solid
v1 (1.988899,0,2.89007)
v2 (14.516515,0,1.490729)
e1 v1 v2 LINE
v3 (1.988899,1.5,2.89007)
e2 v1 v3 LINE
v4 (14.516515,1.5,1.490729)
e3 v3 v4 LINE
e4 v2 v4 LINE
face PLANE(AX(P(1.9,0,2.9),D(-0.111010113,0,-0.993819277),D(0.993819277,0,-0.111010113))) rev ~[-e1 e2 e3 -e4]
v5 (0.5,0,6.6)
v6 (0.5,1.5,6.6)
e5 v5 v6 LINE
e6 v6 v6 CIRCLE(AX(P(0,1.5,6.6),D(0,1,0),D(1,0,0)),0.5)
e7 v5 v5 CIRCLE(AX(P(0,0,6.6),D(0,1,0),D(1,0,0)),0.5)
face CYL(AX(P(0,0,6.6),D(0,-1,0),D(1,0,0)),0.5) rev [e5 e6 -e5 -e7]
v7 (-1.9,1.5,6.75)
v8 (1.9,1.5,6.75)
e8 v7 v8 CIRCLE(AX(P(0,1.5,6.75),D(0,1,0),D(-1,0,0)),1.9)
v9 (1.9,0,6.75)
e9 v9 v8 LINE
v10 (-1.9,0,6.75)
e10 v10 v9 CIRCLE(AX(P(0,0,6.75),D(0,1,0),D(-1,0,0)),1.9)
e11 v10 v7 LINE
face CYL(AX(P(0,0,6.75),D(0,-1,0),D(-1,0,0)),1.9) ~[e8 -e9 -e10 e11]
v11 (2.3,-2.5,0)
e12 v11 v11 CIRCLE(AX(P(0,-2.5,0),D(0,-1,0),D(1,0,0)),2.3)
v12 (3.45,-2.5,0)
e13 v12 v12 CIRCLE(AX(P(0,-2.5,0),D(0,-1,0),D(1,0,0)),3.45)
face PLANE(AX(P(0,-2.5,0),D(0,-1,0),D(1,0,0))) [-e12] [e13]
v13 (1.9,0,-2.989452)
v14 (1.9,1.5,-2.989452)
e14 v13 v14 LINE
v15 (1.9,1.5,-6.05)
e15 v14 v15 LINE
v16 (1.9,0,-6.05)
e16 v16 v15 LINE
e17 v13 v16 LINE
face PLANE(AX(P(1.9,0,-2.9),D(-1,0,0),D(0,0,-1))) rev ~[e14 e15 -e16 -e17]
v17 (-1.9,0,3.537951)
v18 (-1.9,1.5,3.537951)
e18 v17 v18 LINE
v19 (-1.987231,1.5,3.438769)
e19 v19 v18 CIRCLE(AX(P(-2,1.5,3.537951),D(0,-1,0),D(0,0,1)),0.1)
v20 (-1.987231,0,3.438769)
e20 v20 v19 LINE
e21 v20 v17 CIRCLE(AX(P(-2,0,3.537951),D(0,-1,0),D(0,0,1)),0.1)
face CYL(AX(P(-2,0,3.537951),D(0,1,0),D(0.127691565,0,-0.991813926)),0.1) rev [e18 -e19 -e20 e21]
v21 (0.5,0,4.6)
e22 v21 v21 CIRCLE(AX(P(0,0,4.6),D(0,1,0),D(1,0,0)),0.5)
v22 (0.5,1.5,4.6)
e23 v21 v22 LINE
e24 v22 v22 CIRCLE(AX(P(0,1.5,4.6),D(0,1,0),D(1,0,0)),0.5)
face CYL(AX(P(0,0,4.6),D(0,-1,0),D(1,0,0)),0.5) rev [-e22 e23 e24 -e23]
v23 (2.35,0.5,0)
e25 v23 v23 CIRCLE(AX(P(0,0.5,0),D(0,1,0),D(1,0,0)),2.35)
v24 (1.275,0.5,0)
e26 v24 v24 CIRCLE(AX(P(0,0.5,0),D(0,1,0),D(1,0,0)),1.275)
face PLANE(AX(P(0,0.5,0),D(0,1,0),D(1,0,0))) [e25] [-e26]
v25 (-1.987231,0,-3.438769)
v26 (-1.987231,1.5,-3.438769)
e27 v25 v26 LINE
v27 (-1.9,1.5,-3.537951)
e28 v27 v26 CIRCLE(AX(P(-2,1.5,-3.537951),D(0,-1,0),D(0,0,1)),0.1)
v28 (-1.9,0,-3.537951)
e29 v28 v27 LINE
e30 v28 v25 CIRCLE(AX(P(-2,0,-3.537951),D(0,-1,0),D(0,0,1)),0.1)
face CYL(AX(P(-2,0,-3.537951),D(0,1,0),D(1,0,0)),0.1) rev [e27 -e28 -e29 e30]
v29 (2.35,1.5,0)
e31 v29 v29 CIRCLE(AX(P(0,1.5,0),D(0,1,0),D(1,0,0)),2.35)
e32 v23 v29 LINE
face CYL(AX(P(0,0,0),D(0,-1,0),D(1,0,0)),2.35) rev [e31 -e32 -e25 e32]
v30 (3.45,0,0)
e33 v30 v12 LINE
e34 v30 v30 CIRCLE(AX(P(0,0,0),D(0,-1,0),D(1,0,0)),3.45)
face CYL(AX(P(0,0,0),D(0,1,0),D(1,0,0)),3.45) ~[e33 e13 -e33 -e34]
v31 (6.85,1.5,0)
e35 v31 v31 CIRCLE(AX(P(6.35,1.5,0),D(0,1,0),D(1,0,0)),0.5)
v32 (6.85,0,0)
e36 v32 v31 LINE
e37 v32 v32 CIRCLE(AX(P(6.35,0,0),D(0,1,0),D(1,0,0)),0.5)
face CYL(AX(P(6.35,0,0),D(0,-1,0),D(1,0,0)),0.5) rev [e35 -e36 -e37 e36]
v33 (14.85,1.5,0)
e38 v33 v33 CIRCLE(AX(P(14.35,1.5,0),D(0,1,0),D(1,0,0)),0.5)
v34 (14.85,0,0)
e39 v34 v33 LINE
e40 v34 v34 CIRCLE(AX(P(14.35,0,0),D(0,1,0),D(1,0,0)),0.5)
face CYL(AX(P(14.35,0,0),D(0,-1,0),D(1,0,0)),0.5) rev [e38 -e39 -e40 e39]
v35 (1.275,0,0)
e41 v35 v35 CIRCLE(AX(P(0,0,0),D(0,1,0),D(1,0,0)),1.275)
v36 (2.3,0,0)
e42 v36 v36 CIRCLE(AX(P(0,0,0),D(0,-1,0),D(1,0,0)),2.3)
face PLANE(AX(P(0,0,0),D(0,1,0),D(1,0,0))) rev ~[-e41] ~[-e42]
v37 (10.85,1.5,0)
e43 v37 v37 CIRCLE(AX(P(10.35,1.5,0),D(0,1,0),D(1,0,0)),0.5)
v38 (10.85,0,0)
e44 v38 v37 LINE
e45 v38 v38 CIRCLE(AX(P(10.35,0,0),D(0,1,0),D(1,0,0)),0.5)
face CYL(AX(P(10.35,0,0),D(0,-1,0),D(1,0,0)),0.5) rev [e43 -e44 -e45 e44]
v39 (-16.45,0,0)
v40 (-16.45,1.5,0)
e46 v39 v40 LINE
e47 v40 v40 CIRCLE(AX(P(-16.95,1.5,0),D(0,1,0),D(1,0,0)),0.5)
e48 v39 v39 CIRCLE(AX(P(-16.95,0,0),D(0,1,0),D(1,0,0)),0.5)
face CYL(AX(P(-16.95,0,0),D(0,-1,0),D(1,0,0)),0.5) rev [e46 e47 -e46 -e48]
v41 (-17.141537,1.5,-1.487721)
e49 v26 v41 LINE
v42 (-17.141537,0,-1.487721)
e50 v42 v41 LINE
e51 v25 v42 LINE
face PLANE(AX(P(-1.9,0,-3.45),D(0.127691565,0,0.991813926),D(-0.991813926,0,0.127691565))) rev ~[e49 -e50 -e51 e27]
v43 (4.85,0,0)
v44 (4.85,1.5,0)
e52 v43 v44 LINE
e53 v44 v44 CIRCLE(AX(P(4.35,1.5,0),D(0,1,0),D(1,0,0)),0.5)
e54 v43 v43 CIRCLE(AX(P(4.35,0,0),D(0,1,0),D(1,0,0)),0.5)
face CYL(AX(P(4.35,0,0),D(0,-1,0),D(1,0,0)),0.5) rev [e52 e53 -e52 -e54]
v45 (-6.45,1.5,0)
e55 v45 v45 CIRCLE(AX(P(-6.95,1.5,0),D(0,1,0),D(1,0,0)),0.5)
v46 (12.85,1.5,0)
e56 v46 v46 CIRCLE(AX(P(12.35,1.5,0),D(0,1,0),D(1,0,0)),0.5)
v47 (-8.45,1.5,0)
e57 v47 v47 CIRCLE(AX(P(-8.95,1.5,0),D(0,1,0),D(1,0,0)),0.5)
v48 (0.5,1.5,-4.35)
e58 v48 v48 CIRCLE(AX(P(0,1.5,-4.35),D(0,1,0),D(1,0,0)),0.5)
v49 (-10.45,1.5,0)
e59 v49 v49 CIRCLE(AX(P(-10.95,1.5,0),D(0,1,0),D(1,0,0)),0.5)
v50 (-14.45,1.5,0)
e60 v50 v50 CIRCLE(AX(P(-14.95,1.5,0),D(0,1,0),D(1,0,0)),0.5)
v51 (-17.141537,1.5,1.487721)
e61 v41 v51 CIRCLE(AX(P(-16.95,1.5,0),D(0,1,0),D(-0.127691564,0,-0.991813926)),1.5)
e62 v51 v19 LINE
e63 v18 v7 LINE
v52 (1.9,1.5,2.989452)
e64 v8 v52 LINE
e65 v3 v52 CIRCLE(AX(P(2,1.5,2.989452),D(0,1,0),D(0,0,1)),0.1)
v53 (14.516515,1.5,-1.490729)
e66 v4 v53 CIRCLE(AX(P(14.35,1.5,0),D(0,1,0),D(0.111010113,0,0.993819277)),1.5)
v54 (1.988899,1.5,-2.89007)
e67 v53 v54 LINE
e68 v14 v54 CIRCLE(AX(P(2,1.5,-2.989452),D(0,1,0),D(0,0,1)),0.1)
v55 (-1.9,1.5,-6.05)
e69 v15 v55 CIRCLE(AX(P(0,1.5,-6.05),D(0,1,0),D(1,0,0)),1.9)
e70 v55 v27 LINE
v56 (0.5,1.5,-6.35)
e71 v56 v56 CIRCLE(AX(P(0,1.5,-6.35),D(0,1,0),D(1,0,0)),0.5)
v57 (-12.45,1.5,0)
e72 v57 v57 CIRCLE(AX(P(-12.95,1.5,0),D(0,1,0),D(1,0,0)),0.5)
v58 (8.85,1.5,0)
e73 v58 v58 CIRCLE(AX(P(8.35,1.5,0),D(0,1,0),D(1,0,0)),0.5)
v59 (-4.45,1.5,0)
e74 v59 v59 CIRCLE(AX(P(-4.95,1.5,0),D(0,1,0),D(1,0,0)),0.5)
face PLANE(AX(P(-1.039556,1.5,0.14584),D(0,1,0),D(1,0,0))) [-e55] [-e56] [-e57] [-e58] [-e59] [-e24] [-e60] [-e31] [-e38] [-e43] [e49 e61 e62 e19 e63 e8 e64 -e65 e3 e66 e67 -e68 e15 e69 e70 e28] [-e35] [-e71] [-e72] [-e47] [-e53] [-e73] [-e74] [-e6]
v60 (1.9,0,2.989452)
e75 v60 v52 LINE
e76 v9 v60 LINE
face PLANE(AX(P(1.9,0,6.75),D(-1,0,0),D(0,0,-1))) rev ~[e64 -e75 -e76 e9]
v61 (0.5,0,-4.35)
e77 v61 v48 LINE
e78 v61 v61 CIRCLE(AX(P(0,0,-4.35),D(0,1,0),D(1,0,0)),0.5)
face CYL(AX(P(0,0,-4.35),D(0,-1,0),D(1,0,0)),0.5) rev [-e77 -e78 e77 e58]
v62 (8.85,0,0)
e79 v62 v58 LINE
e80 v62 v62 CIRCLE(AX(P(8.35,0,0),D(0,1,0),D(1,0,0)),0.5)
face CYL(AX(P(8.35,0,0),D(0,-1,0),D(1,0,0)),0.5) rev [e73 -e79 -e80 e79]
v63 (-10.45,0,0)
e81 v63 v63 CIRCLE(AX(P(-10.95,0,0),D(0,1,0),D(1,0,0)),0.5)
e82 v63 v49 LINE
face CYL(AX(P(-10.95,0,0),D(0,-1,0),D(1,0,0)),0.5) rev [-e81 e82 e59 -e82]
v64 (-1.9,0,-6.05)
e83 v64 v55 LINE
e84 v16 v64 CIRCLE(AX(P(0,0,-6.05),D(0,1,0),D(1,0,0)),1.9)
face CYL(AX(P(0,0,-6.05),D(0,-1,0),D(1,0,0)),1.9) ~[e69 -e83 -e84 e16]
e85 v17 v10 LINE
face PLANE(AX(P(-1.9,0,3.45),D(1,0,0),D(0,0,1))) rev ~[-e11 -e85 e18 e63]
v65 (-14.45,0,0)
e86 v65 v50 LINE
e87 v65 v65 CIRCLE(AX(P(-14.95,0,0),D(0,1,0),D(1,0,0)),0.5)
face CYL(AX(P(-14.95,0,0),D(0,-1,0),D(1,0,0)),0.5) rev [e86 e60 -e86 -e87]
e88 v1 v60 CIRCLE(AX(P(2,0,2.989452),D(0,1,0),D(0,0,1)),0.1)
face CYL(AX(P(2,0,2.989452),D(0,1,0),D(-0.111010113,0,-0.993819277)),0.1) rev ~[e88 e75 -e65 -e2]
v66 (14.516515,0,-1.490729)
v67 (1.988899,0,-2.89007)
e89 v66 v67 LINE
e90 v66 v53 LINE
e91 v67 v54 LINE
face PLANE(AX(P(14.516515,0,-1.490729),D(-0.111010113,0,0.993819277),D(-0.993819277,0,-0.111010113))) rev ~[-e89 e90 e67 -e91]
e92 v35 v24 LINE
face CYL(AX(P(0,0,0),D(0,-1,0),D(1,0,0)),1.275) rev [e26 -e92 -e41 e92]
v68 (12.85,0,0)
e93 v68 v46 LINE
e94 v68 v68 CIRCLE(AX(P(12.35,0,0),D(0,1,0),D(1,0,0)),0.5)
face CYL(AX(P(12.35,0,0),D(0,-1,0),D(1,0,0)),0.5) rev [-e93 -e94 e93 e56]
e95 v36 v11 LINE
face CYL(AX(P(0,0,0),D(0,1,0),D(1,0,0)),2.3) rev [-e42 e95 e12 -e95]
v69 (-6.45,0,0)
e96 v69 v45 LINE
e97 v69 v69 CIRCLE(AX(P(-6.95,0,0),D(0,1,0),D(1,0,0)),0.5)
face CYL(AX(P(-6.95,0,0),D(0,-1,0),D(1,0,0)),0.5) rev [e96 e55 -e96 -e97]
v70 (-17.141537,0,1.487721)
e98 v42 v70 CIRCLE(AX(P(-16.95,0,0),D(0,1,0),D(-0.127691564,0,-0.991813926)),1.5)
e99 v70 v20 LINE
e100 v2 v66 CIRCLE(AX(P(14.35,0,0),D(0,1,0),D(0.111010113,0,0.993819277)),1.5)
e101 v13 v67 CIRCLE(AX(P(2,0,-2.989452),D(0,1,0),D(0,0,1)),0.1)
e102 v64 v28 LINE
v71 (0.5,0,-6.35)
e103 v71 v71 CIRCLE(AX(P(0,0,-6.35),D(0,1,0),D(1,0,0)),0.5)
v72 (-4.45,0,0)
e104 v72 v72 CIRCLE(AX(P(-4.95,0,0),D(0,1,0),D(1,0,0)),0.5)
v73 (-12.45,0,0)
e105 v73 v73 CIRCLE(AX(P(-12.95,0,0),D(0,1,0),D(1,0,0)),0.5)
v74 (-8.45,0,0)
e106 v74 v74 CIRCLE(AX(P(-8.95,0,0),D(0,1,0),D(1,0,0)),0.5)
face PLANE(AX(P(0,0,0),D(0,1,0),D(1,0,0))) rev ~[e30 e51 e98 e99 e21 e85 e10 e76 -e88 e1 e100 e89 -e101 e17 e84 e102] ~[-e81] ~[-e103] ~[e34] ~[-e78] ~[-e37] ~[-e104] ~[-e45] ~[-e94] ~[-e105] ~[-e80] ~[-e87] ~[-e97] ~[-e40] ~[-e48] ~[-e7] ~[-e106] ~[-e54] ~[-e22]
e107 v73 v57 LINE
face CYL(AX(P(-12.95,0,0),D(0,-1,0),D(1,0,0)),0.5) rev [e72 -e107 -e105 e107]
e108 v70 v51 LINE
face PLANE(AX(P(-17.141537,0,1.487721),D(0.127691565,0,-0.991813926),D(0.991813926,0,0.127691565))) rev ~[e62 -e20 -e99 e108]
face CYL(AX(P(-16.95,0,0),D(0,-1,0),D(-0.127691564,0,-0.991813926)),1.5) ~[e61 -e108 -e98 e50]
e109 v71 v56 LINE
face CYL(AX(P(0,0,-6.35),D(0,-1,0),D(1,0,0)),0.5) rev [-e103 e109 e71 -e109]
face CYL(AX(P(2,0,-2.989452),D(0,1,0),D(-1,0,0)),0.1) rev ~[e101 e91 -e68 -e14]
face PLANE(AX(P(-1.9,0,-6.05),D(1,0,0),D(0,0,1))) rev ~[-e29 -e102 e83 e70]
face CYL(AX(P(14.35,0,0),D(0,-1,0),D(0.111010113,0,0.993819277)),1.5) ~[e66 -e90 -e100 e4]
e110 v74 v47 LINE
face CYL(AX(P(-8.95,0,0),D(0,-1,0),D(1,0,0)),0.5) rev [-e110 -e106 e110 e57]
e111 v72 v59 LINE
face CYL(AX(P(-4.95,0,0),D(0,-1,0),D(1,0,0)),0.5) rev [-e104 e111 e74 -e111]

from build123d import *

# Parameters (mm, degrees)
IZIM1_R                     = 0.5
IZIM1_R_2                   = 2.35
Y_KSEKLIK_EKSTR_ZYON1_DEPTH = 1.5
IZIM1_3_R                   = 2.35
IZIM1_3_R_2                 = 1.275
Y_KSEKLIK_EKSTR_ZYON2_DEPTH = 0.5
IZIM2_R                     = 3.45
IZIM2_R_2                   = 2.3
Y_KSEKLIK_EKSTR_ZYON3_DEPTH = 2.5
RADYUS1_R                   = 0.1


with BuildPart() as part:
    # Çizim1 → Yükseklik-Ekstrüzyon1 (new body)
    with BuildSketch(Plane(origin=(0, 0, 0), x_dir=(1, 0, 0), z_dir=(0, 1, 0))):
        with BuildLine():
            ThreePointArc((1.9, 6.05), (0, 7.95), (-1.9, 6.05))
            Line((-1.9, 6.05), (-1.9, 3.45))
            Line((-1.9, 3.45), (-17.141537347, 1.487720889))
            ThreePointArc((-17.141537347, 1.487720889), (-18.45, 0), (-17.141537347, -1.487720889))
            Line((-17.141537347, -1.487720889), (-1.9, -3.45))
            Line((-1.9, -3.45), (-1.9, -6.75))
            ThreePointArc((-1.9, -6.75), (0, -8.65), (1.9, -6.75))
            Line((1.9, -6.75), (1.9, -2.9))
            Line((1.9, -2.9), (14.516515169, -1.490728915))
            ThreePointArc((14.516515169, -1.490728915), (15.85, 0), (14.516515169, 1.490728915))
            Line((14.516515169, 1.490728915), (1.9, 2.9))
            Line((1.9, 2.9), (1.9, 6.05))
        make_face()
        with Locations((0, -6.6)):
            Circle(IZIM1_R, mode=Mode.SUBTRACT)
        with Locations((0, -4.6)):
            Circle(IZIM1_R, mode=Mode.SUBTRACT)
        with Locations((-16.95, 0)):
            Circle(IZIM1_R, mode=Mode.SUBTRACT)
        with Locations((-14.95, 0)):
            Circle(IZIM1_R, mode=Mode.SUBTRACT)
        with Locations((-12.95, 0)):
            Circle(IZIM1_R, mode=Mode.SUBTRACT)
        with Locations((-10.95, 0)):
            Circle(IZIM1_R, mode=Mode.SUBTRACT)
        with Locations((-8.95, 0)):
            Circle(IZIM1_R, mode=Mode.SUBTRACT)
        with Locations((-6.95, 0)):
            Circle(IZIM1_R, mode=Mode.SUBTRACT)
        with Locations((-4.95, 0)):
            Circle(IZIM1_R, mode=Mode.SUBTRACT)
        Circle(IZIM1_R_2, mode=Mode.SUBTRACT)
        with Locations((4.35, 0)):
            Circle(IZIM1_R, mode=Mode.SUBTRACT)
        with Locations((6.35, 0)):
            Circle(IZIM1_R, mode=Mode.SUBTRACT)
        with Locations((8.35, 0)):
            Circle(IZIM1_R, mode=Mode.SUBTRACT)
        with Locations((10.35, 0)):
            Circle(IZIM1_R, mode=Mode.SUBTRACT)
        with Locations((12.35, 0)):
            Circle(IZIM1_R, mode=Mode.SUBTRACT)
        with Locations((14.35, 0)):
            Circle(IZIM1_R, mode=Mode.SUBTRACT)
        with Locations((0, 4.35)):
            Circle(IZIM1_R, mode=Mode.SUBTRACT)
        with Locations((0, 6.35)):
            Circle(IZIM1_R, mode=Mode.SUBTRACT)
    extrude(amount=Y_KSEKLIK_EKSTR_ZYON1_DEPTH)

    # Çizim1<3> → Yükseklik-Ekstrüzyon2 (add)
    with BuildSketch(Plane(origin=(0, 0, 0), x_dir=(1, 0, 0), z_dir=(0, 1, 0))):
        Circle(IZIM1_3_R)
        Circle(IZIM1_3_R_2, mode=Mode.SUBTRACT)
    extrude(amount=Y_KSEKLIK_EKSTR_ZYON2_DEPTH)

    # Çizim2 → Yükseklik-Ekstrüzyon3 (add)
    with BuildSketch(Plane.XZ):
        Circle(IZIM2_R)
        Circle(IZIM2_R_2, mode=Mode.SUBTRACT)
    extrude(amount=Y_KSEKLIK_EKSTR_ZYON3_DEPTH)

    # Radyus1
    radyus1_edges = [part.edges().sort_by_distance(p)[0] for p in [
        (-1.9, 0.75, -3.45),
        (1.9, 0.75, -2.9),
        (1.9, 0.75, 2.9),
        (-1.9, 0.75, 3.45),
    ]]
    fillet(radyus1_edges, radius=RADYUS1_R)


solid = part.part
